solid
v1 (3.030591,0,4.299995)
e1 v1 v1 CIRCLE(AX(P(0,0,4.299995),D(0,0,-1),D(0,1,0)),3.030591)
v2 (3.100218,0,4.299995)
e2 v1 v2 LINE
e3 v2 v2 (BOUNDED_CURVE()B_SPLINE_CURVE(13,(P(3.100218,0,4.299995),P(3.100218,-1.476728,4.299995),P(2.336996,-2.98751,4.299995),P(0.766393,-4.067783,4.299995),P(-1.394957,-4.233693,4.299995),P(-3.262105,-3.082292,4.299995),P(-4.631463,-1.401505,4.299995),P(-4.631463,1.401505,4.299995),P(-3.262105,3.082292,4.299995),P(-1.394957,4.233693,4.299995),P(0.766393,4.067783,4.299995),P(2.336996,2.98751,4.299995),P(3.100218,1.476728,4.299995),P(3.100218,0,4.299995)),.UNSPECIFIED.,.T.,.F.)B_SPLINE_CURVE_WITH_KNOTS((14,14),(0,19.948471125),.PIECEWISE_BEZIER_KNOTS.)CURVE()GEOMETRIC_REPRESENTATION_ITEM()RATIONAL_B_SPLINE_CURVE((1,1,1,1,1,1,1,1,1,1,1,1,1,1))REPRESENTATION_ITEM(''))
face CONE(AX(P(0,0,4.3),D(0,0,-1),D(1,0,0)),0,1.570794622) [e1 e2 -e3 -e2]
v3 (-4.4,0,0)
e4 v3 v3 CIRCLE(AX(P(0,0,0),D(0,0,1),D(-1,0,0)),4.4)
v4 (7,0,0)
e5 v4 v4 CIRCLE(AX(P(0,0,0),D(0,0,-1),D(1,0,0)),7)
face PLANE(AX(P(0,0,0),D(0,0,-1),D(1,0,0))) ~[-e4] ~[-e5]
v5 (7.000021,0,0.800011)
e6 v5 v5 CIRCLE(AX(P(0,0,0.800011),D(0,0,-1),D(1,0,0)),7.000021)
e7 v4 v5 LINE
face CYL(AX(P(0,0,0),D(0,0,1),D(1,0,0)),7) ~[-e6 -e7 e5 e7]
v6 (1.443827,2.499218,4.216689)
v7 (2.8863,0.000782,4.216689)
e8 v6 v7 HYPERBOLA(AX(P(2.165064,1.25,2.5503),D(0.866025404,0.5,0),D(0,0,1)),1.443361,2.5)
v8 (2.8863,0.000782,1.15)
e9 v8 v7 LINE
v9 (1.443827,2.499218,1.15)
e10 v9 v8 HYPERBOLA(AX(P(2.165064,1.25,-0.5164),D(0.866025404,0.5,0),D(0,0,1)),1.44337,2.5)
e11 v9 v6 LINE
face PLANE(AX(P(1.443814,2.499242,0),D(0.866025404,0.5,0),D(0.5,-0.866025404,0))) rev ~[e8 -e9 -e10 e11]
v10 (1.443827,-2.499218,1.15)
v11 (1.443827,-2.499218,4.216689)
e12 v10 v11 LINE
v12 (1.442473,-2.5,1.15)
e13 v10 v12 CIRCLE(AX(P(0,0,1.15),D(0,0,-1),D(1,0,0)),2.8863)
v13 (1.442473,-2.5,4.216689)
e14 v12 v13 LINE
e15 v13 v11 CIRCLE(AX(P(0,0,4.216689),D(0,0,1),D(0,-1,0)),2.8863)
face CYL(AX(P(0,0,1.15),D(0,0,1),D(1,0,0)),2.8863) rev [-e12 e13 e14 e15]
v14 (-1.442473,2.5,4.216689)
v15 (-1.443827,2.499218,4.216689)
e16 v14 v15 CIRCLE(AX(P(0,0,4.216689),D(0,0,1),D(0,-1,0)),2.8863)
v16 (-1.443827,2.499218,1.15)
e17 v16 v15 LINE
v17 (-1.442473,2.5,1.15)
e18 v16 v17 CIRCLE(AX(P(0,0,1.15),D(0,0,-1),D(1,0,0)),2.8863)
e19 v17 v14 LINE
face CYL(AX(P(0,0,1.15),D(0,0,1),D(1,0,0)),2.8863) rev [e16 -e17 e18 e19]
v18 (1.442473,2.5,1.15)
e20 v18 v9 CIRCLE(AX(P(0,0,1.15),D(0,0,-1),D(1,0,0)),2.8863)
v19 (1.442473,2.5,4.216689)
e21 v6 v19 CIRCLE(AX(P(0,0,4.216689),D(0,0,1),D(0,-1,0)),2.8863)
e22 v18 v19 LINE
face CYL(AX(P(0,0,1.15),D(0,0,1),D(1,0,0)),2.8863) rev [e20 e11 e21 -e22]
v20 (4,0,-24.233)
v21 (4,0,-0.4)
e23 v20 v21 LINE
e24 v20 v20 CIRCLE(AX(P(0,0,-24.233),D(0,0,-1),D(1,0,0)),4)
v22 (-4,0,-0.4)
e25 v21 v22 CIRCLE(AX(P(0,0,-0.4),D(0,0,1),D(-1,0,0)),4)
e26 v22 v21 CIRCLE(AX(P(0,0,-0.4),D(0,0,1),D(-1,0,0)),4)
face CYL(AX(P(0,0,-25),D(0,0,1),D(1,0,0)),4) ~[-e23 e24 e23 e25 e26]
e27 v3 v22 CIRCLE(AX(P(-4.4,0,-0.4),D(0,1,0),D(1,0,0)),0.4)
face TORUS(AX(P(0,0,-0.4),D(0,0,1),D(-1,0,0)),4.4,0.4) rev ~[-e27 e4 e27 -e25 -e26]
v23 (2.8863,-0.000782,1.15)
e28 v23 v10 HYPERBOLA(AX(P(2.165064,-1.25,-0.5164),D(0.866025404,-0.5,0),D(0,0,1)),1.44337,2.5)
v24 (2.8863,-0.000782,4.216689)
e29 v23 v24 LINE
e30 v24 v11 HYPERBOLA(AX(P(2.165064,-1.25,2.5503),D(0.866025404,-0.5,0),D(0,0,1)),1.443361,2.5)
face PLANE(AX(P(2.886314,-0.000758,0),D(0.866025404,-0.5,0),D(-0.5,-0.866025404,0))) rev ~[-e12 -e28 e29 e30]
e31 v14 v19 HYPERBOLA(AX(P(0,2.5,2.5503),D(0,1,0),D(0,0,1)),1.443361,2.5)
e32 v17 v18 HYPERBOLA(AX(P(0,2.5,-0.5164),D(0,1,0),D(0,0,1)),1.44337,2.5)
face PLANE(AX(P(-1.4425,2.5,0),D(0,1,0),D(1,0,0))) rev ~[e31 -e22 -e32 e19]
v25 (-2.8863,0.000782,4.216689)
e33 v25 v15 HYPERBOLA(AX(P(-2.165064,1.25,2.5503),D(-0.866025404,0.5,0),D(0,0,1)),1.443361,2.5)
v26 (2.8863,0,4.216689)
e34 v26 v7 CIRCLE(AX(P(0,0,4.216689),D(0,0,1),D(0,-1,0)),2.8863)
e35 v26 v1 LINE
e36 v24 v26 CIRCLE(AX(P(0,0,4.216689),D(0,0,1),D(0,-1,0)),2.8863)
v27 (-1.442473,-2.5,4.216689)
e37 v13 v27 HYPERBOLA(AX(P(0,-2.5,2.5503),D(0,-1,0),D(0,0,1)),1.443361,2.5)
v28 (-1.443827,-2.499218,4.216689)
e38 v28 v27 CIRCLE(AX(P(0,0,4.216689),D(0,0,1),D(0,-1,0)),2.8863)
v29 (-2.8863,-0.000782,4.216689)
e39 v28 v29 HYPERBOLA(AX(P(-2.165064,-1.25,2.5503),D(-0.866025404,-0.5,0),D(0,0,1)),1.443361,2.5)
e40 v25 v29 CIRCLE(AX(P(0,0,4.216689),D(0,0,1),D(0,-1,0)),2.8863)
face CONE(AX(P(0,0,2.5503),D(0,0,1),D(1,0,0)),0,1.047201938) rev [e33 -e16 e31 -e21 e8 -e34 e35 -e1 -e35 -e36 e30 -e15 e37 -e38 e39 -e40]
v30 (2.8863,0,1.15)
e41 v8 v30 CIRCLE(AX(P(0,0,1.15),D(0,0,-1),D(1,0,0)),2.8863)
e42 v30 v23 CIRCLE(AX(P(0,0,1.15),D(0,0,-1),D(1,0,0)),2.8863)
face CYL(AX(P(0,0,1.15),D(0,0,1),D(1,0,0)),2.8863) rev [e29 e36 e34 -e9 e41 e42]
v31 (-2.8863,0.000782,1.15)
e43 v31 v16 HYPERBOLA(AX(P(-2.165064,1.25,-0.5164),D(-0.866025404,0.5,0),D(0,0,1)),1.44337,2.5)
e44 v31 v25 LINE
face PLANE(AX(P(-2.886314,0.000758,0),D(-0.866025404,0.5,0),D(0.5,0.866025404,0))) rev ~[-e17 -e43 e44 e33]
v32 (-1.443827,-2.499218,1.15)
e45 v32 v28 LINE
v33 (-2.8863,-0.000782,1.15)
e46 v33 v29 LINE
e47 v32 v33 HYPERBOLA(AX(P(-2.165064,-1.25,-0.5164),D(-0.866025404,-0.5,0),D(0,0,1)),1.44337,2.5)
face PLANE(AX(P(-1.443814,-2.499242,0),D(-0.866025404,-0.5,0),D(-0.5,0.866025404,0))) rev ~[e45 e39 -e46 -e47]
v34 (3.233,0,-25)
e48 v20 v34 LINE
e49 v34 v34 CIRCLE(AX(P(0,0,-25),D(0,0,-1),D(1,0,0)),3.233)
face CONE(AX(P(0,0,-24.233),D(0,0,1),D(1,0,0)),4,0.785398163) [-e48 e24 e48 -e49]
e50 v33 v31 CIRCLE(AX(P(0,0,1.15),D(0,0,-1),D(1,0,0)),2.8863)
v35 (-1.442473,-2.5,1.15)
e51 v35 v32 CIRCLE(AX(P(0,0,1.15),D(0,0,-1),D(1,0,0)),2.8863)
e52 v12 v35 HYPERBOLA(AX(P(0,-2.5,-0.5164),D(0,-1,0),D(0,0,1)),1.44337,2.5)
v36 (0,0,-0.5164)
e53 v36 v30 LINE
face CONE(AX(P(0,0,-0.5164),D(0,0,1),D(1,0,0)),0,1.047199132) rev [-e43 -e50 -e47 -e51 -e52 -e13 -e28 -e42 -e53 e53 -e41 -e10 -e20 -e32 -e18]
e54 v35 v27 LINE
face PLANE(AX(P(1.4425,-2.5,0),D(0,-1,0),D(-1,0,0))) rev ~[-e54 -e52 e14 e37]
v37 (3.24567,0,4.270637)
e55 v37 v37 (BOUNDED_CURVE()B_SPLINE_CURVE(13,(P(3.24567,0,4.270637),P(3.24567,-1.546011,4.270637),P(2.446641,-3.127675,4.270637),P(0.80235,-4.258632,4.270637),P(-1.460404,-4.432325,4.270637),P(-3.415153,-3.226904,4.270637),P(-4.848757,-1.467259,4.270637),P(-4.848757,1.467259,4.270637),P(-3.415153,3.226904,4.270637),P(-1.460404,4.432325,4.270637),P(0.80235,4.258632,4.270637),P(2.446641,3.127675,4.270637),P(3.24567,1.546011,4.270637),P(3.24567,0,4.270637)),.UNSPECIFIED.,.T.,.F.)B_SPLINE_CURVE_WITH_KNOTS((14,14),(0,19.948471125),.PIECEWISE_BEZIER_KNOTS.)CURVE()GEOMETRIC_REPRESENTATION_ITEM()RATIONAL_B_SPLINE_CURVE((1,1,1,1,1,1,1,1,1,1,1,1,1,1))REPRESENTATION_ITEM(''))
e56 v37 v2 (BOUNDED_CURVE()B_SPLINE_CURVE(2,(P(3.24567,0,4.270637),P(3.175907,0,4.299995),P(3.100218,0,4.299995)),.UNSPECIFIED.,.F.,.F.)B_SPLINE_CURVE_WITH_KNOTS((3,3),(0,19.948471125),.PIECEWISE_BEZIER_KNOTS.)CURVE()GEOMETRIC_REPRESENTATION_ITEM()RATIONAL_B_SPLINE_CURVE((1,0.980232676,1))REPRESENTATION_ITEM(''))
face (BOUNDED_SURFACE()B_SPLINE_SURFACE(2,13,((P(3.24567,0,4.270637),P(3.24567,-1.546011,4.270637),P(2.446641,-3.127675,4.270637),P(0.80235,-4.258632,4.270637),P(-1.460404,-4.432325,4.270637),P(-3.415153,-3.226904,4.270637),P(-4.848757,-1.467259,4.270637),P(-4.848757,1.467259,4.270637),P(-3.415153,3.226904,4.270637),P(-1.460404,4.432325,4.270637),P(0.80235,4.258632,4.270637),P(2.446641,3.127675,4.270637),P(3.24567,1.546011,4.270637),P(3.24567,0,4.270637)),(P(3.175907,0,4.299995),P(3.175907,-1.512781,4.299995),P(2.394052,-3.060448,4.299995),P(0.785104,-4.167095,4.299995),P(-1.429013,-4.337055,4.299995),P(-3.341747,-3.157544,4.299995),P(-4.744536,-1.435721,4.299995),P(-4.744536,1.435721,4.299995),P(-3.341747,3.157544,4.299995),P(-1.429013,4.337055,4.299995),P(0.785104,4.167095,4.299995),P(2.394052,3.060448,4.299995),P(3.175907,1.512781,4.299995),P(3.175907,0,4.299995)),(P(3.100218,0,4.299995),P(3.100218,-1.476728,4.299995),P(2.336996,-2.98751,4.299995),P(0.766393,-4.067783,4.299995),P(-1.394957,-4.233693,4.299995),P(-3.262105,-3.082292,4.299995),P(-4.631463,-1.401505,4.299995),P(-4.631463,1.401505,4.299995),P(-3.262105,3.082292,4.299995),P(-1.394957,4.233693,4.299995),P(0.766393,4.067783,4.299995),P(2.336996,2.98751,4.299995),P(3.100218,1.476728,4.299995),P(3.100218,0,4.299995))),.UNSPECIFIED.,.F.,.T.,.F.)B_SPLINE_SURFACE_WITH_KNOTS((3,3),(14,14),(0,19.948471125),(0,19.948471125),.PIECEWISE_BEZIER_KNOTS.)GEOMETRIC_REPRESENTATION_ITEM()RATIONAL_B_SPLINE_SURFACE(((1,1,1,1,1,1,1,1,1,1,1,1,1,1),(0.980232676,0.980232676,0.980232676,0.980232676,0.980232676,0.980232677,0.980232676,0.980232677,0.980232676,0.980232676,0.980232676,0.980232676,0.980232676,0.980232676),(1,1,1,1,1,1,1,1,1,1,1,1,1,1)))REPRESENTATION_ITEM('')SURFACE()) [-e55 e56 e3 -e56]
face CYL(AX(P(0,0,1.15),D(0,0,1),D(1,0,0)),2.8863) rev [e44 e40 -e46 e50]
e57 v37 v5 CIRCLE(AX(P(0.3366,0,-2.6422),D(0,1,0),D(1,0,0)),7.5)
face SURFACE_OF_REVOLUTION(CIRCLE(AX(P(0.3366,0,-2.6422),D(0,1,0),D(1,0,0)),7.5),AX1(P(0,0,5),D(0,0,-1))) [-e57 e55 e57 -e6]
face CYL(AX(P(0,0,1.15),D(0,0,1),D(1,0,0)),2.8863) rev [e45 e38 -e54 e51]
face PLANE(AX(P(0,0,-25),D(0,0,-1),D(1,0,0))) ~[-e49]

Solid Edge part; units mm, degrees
sketch "Sketch1" plane through (0, 0, 0) normal (0, -1, 0) x (1, 0, 0)
  line L0 (0, -25) -> (4, -25)
  line L1 (4, -25) -> (4, 0)
  line L2 (4, 0) -> (7, 0)
  line L3 (7, 0) -> (7, 0.8)
  arc A0 (3.1749, 4.3) -> (7, 0.8) centre (0.3366, -2.6422) cw
  line L4 (0, 4.3) -> (3.1749, 4.3)
  dimension "D1" = 25
  dimension "D2" = 4
  dimension "D3" = 3.1749
  dimension "D4" = 7
  dimension "D5" = 0.8
  dimension "D6" = 4.3
  dimension "D7" = 7.5
revolve "RevolvedProtrusion1" add sketch "Sketch1" angle 360 about axis through (0, 0, 5) along (0, 0, -1)
sketch "Sketch2" plane through (0, 0, 0) normal (0, -1, 0) x (1, 0, 0)
  line L0 (0, -0.5164) -> (2.8863, 1.15)
  line L1 (2.8863, 1.15) -> (2.8863, 4.3)
  line L2 (2.8863, 4.3) -> (0, 4.3)
  dimension "D1" = 2.8863
  dimension "D2" = 3.15
revolve "RevolvedCutout1" cut sketch "Sketch2" angle 360 about axis through (0, 0, 5.3) along (0, 0, -1)
sketch "Sketch3" plane through (0, 0, 0) normal (0, 0, -1) x (0, 1, 0)
  arc A0 (-2.5, 1.4425) -> (-2.5, -1.4425) centre (0, 0) ccw
  line L0 (-2.5, 1.4425) -> (-2.5, -1.4425)
  dimension "D1" = 2.5
extrude "Protrusion1" add sketch "Sketch3" against normal blind 4.3
pattern_circular "Pattern1" count 6 over 360 about axis through (0, 0, 0) along (0, 0, -1) of "Protrusion1"
fillet "Round_1" radius 0.375 1 edges at (-3.1749, 0, 4.3)
sketch "Sketch4" plane through (0, 0, 0) normal (0, -1, 0) x (1, 0, 0)
  line L0 (0, 2.5503) -> (3.0306, 4.3)
  line L1 (3.0306, 4.3) -> (0, 4.3)
  dimension "D1" = 3.0306
revolve "RevolvedCutout2" cut sketch "Sketch4" angle 360 about axis through (0, 0, 5.3) along (0, 0, -1)
sketch "Sketch5" plane through (0, 0, 0) normal (0, -1, 0) x (1, 0, 0)
  line L0 (-4, 0) -> (-4.4, 0)
  arc A0 (-4.4, 0) -> (-4, -0.4) centre (-4.4, -0.4) cw
  line L1 (-4, -0.4) -> (-4, 0)
  dimension "D1" = 1.02
  dimension "D2" = 4
  dimension "D3" = 0.4
revolve "RevolvedProtrusion2" add sketch "Sketch5" angle 360 about axis through (0, 0, -1.05) along (0, 0, 1)
cosmetic_thread "Thread1" size "M8"
chamfer "Chamfer1" distance 0.767 angle 45 1 edges at (-4, 0, -25)
properties material "Steel"
